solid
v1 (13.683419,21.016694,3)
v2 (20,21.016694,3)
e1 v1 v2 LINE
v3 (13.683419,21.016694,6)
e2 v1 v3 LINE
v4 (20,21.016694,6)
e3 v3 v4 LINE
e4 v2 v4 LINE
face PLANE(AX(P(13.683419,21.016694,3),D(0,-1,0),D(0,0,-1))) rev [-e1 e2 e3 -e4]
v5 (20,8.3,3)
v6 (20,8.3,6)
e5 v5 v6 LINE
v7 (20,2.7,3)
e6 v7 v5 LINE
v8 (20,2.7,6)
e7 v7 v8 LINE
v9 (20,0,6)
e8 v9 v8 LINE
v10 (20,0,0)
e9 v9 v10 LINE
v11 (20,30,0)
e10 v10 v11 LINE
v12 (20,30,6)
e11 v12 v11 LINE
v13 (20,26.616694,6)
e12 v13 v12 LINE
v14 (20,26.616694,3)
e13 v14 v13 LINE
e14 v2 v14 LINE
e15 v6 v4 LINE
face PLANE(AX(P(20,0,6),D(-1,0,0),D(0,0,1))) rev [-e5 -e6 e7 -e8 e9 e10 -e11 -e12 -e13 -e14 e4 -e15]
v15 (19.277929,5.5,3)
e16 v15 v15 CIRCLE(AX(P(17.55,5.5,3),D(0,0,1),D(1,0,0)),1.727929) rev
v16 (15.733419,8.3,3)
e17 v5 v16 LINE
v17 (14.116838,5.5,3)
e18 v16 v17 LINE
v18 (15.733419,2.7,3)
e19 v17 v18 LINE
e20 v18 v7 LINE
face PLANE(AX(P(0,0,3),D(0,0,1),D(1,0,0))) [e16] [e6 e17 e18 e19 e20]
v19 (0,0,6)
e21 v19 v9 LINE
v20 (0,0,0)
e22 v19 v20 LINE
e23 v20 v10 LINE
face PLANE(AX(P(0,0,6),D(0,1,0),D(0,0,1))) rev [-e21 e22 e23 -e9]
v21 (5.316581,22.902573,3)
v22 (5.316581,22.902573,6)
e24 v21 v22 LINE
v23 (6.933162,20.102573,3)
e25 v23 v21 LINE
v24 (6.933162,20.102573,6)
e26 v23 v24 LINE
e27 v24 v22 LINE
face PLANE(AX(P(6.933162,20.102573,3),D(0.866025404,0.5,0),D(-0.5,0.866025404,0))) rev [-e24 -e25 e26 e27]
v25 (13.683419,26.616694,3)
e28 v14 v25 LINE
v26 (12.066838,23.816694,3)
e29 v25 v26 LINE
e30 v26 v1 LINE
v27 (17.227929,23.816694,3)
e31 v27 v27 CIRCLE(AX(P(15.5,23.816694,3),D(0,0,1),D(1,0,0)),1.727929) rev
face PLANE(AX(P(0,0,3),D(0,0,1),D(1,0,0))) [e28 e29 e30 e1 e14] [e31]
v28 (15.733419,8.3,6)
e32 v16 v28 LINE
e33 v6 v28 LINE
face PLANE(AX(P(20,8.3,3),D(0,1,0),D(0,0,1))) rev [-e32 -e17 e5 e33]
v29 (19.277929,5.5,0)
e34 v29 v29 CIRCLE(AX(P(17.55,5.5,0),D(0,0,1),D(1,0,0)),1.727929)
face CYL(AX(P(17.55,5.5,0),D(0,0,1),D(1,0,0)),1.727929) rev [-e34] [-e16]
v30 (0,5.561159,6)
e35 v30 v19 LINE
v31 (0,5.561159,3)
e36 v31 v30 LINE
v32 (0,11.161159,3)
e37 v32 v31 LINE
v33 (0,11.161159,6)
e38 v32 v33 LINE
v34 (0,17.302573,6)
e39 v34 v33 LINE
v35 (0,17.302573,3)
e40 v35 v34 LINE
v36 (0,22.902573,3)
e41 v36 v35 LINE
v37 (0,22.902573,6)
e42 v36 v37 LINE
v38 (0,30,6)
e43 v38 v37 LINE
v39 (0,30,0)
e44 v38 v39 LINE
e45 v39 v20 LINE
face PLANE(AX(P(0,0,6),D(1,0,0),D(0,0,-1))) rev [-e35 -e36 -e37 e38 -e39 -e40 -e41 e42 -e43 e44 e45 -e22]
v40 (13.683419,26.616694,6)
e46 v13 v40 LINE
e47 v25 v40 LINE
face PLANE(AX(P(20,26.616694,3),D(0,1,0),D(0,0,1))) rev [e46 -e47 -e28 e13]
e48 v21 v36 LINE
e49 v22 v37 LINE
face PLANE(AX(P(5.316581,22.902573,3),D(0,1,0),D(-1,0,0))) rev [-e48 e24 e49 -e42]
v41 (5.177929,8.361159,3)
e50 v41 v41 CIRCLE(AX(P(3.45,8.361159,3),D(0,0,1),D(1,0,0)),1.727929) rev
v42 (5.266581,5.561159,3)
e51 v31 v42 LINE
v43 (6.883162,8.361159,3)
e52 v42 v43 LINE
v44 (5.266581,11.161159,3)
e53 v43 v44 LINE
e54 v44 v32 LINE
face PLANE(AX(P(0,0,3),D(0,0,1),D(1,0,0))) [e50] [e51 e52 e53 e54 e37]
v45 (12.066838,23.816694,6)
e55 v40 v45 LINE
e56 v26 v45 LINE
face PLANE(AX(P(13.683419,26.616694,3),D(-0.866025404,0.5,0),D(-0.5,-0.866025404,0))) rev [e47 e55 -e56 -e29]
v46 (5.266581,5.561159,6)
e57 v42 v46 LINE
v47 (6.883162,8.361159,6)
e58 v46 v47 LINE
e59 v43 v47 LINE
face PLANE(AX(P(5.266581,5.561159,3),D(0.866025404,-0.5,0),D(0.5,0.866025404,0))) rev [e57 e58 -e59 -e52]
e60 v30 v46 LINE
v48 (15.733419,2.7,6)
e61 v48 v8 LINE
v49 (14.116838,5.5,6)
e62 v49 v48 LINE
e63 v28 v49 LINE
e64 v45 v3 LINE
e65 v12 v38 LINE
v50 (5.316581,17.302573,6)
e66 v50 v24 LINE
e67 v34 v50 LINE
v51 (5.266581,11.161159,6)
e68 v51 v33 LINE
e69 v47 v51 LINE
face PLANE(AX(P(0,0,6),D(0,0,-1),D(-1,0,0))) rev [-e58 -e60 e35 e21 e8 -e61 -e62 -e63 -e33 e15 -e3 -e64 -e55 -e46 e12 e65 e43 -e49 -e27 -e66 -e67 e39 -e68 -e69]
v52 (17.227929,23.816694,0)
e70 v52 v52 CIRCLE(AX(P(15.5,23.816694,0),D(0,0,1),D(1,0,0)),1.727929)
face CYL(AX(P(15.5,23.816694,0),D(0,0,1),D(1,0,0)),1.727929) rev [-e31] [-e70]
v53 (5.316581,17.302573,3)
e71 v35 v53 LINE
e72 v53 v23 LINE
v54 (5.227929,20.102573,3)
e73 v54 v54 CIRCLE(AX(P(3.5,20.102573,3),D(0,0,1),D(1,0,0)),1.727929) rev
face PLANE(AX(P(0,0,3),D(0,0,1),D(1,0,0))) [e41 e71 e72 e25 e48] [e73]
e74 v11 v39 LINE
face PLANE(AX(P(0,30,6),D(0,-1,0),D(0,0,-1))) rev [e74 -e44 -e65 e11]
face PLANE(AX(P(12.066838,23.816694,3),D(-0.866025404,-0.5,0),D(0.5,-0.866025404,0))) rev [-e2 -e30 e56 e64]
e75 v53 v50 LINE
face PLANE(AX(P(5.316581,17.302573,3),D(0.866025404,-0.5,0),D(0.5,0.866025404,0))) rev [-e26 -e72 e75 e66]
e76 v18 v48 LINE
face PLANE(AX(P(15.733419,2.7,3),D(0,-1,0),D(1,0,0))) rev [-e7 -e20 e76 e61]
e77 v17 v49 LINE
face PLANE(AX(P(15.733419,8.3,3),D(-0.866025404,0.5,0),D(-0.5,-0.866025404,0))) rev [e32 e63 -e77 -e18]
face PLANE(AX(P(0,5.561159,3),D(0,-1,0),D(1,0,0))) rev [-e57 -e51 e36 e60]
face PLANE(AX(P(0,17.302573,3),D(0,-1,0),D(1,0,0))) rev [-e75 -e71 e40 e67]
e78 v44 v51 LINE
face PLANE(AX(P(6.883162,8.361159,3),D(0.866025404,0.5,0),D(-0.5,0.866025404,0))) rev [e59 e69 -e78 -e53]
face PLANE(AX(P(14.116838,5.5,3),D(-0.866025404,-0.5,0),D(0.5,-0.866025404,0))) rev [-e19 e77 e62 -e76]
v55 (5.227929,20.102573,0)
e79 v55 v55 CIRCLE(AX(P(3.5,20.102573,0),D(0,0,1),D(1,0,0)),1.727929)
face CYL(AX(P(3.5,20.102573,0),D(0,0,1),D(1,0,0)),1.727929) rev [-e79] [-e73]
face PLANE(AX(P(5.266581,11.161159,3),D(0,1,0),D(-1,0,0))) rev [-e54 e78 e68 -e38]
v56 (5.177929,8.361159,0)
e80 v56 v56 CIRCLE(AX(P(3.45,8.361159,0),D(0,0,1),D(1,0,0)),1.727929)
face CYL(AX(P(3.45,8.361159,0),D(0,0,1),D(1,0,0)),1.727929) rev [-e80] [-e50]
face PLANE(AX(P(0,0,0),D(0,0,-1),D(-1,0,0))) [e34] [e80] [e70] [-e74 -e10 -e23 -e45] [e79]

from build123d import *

# Parameters (mm, degrees)
SKETCH1_W           = 20
SKETCH1_H           = 30
BOSS_EXTRUDE1_DEPTH = 6
SKETCH2_R           = 1.72792937
CUT_EXTRUDE1_DEPTH  = 7
CUT_EXTRUDE2_DEPTH  = 3


with BuildPart() as part:
    # Sketch1 → Boss-Extrude1 (new body)
    with BuildSketch(Plane.XY):
        with Locations((10, 15)):
            Rectangle(SKETCH1_W, SKETCH1_H)
    extrude(amount=BOSS_EXTRUDE1_DEPTH)

    # Sketch2 → Cut-Extrude1 (cut, through all)
    with BuildSketch(Plane.XY.offset(6)):
        with Locations((15.5, 23.816694008)):
            Circle(SKETCH2_R)
        with Locations((3.5, 20.102573312)):
            Circle(SKETCH2_R)
        with Locations((17.55, 5.5)):
            Circle(SKETCH2_R)
        with Locations((3.45, 8.361159496)):
            Circle(SKETCH2_R)
    extrude(amount=-CUT_EXTRUDE1_DEPTH, mode=Mode.SUBTRACT)

    # Sketch3 → Cut-Extrude2 (cut)
    with BuildSketch(Plane.XY.offset(6)):
        Polygon((20, 26.616694008), (13.683419246, 26.616694008), (12.066838493, 23.816694008), (13.683419246, 21.016694008), (20, 21.016694008), align=None)
        Polygon((6.933161507, 20.102573312), (5.316580754, 22.902573312), (0, 22.902573312), (0, 17.302573312), (5.316580754, 17.302573312), align=None)
        Polygon((6.883161507, 8.361159496), (5.266580754, 11.161159496), (0, 11.161159496), (0, 5.561159496), (5.266580754, 5.561159496), align=None)
        Polygon((14.116838493, 5.5), (15.733419246, 2.7), (20, 2.7), (20, 8.3), (15.733419246, 8.3), align=None)
    extrude(amount=-CUT_EXTRUDE2_DEPTH, mode=Mode.SUBTRACT)


solid = part.part
